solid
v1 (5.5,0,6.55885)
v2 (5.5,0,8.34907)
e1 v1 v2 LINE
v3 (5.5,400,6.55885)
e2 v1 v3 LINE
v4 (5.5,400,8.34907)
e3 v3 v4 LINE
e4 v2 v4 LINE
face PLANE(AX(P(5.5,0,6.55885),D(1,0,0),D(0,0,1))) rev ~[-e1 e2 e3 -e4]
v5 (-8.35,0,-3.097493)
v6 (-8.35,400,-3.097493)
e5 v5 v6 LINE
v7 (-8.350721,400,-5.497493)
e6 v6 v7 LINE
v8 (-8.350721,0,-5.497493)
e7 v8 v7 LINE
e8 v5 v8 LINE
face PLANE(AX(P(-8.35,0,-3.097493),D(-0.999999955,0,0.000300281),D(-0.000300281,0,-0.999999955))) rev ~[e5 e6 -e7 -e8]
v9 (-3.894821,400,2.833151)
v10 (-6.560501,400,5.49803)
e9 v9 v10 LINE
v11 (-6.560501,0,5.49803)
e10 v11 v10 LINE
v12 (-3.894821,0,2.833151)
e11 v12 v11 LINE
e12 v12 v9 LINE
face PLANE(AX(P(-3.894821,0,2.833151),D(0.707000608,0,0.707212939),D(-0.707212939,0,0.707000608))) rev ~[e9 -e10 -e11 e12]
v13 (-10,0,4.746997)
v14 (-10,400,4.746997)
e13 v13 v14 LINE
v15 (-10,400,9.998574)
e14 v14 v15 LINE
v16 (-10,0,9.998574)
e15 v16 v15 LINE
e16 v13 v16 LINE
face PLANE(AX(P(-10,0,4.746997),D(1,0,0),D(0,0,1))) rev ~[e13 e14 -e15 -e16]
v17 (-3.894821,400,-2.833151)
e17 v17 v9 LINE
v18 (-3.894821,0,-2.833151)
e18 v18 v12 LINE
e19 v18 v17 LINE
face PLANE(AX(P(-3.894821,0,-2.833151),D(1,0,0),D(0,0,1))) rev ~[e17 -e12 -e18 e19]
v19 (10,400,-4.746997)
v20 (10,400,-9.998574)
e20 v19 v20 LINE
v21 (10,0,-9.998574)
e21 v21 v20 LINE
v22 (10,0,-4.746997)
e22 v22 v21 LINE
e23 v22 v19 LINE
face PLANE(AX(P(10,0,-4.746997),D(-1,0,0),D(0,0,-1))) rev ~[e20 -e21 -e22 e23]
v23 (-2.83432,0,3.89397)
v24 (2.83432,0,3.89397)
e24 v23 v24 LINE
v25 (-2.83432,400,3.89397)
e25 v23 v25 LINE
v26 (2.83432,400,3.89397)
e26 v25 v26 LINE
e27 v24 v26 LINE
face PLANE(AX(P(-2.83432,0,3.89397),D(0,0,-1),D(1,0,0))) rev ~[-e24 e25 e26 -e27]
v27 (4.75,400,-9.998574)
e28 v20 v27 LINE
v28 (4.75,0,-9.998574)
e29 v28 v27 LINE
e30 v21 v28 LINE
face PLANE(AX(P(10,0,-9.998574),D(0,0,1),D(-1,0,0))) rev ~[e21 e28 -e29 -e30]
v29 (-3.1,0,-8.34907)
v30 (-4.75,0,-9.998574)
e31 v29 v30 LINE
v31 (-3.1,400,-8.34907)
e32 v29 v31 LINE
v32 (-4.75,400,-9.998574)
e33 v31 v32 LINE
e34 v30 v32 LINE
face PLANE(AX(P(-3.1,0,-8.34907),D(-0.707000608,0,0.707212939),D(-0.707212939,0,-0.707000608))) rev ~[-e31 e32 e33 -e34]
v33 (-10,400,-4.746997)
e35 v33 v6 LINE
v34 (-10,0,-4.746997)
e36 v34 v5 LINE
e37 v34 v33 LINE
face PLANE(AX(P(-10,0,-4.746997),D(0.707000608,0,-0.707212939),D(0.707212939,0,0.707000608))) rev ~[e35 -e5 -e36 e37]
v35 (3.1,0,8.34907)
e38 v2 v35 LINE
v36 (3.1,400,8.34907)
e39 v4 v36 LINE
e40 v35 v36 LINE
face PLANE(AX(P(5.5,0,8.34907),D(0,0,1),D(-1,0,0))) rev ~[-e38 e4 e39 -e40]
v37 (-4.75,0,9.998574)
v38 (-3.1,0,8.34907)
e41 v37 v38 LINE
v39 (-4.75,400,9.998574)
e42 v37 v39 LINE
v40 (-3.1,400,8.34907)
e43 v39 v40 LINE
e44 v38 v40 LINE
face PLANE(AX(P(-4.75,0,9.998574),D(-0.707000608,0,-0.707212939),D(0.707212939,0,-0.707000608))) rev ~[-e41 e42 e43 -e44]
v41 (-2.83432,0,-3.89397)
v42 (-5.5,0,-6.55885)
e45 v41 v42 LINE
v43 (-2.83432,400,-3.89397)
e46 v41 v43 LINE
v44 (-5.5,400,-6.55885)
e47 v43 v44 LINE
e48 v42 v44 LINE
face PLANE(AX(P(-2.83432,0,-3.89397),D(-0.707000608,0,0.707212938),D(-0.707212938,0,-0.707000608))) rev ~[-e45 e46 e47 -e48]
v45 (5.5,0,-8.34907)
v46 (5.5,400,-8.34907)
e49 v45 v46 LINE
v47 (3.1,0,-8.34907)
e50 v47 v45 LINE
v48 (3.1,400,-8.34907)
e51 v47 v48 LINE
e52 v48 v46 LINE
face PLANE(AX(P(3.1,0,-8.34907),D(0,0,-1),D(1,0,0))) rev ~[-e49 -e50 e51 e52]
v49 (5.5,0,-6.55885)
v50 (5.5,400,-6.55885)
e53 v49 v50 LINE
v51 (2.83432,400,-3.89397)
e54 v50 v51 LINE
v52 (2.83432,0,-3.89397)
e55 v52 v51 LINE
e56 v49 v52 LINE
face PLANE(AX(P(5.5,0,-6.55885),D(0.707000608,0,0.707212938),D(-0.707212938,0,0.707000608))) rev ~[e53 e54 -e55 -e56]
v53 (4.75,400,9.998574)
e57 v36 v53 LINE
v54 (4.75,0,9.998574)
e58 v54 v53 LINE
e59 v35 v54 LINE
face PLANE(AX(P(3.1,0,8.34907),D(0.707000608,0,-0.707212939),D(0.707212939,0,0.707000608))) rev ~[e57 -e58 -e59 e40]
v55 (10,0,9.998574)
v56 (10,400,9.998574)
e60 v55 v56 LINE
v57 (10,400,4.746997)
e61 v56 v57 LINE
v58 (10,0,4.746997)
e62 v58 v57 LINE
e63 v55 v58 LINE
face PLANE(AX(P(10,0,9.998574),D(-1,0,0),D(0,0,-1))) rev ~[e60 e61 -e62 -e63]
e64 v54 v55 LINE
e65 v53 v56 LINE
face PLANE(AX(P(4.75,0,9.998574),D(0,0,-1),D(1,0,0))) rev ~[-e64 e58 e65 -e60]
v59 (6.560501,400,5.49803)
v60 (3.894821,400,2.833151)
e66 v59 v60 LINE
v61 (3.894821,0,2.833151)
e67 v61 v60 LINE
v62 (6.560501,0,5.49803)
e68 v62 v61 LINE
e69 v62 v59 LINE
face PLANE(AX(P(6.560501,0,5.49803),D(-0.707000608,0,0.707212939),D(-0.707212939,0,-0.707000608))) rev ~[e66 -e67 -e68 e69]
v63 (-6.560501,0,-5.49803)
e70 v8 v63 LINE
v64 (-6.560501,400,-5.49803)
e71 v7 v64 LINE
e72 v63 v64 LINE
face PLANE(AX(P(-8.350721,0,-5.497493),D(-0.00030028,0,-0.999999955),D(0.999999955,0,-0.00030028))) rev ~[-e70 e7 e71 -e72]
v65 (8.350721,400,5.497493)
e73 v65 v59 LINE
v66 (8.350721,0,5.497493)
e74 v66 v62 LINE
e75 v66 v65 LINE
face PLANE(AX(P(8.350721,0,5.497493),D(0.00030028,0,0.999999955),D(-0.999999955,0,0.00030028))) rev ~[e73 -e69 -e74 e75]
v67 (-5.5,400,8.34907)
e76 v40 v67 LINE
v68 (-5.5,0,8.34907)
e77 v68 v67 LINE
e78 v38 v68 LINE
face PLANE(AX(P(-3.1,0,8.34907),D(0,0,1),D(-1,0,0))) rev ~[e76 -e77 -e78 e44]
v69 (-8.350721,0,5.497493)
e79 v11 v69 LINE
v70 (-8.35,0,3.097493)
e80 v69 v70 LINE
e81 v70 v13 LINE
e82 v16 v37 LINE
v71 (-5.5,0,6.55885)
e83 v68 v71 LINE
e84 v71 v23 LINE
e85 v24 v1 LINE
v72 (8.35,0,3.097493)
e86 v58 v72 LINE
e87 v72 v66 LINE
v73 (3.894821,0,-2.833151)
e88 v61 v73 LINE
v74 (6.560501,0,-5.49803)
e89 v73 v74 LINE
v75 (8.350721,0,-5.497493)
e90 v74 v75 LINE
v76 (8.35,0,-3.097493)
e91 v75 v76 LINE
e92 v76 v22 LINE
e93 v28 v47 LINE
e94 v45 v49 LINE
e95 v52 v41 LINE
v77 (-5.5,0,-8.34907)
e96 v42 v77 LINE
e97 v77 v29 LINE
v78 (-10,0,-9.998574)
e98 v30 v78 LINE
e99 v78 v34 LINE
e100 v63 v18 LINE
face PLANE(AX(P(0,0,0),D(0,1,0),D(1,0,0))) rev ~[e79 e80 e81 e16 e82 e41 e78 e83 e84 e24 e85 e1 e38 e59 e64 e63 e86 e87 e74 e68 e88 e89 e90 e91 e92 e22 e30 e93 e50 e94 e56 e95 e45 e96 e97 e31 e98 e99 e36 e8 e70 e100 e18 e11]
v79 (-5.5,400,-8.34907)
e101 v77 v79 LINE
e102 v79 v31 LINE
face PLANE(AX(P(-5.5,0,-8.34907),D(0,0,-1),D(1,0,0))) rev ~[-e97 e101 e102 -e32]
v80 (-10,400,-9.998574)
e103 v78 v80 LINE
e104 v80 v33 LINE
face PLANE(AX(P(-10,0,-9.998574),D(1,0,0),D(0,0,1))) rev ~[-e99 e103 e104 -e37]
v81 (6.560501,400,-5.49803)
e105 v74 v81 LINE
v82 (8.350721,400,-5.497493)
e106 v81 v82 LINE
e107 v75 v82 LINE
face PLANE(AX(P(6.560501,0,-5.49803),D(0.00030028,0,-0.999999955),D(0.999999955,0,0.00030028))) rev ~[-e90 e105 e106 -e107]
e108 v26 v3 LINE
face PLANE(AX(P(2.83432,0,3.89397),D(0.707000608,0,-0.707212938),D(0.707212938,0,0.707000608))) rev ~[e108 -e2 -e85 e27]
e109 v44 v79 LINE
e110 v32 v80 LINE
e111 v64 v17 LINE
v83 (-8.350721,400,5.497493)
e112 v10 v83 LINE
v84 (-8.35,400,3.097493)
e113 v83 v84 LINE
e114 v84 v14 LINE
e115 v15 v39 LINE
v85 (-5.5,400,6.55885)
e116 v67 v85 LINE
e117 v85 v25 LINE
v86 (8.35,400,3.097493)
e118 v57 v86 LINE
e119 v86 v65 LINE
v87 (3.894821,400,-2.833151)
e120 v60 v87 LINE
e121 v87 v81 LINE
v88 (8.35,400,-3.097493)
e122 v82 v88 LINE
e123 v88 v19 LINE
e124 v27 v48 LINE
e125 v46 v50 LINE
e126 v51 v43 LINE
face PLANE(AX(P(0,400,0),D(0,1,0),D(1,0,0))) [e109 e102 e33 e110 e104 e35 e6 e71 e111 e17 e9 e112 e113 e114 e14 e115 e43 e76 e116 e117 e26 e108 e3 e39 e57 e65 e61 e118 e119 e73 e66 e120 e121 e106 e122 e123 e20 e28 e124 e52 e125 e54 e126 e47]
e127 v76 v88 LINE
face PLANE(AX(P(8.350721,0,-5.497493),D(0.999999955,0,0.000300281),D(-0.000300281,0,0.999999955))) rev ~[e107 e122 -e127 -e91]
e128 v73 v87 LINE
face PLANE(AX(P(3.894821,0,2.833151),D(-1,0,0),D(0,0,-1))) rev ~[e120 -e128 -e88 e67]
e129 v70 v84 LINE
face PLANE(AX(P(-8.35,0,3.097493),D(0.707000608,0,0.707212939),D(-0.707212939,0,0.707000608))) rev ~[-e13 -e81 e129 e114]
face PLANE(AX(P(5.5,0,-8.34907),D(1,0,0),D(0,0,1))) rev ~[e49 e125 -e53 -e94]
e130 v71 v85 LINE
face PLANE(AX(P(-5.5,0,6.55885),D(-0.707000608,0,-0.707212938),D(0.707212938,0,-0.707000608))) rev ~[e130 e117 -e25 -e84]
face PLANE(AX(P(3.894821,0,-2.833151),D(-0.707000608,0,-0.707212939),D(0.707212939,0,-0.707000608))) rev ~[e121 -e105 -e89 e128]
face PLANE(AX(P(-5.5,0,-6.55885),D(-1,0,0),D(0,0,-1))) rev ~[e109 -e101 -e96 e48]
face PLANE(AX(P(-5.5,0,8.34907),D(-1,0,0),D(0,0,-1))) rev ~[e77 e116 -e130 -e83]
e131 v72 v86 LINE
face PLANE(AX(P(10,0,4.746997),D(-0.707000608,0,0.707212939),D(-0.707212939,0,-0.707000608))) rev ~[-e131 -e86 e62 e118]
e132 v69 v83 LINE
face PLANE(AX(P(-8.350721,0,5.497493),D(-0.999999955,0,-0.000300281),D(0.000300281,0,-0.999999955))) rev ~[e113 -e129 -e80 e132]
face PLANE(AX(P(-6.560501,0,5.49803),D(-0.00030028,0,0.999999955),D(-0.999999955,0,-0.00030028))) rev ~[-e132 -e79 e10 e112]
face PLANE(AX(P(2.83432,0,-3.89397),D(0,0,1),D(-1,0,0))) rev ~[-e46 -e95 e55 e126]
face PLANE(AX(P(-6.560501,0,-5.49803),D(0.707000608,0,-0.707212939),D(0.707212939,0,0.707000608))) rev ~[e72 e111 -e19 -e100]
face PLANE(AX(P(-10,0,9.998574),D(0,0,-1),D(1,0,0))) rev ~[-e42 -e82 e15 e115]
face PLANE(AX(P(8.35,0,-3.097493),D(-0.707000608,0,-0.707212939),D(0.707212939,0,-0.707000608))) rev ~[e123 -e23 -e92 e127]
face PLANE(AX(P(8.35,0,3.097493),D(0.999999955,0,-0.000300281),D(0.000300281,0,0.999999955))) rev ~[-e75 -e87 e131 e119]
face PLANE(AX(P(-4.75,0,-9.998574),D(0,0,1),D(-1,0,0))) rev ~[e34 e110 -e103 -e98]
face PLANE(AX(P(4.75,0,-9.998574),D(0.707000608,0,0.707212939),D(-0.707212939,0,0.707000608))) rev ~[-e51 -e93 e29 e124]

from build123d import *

# Parameters (mm, degrees)
BOSS_EXTRUDE1_DEPTH = 400


with BuildPart() as part:
    # Sketch1 → Boss-Extrude1 (new body)
    with BuildSketch(Plane(origin=(0, 0, 0), x_dir=(1, 0, 0), z_dir=(0, 1, 0))):
        Polygon((2.834320347, 3.893970342), (-2.834320347, 3.893970342), (-5.5, 6.558849663), (-5.5, 8.349069506), (-3.1, 8.349069506), (-4.75, 9.998574117), (-10, 9.998574117), (-10, 4.746997406), (-8.35, 3.097492795), (-8.350720674, 5.497492687), (-6.560500912, 5.498030255), (-3.894821259, 2.833150935), (-3.894821259, -2.833150935), (-6.560500912, -5.498030255), (-8.350720674, -5.497492687), (-8.35, -3.097492795), (-10, -4.746997406), (-10, -9.998574117), (-4.75, -9.998574117), (-3.1, -8.349069506), (-5.5, -8.349069506), (-5.5, -6.558849663), (-2.834320347, -3.893970342), (2.834320347, -3.893970342), (5.5, -6.558849663), (5.5, -8.349069506), (3.1, -8.349069506), (4.75, -9.998574117), (10, -9.998574117), (10, -4.746997406), (8.35, -3.097492795), (8.350720674, -5.497492687), (6.560500912, -5.498030255), (3.894821259, -2.833150935), (3.894821259, 2.833150935), (6.560500912, 5.498030255), (8.350720674, 5.497492687), (8.35, 3.097492795), (10, 4.746997406), (10, 9.998574117), (4.75, 9.998574117), (3.1, 8.349069506), (5.5, 8.349069506), (5.5, 6.558849663), align=None)
    extrude(amount=BOSS_EXTRUDE1_DEPTH)


solid = part.part
